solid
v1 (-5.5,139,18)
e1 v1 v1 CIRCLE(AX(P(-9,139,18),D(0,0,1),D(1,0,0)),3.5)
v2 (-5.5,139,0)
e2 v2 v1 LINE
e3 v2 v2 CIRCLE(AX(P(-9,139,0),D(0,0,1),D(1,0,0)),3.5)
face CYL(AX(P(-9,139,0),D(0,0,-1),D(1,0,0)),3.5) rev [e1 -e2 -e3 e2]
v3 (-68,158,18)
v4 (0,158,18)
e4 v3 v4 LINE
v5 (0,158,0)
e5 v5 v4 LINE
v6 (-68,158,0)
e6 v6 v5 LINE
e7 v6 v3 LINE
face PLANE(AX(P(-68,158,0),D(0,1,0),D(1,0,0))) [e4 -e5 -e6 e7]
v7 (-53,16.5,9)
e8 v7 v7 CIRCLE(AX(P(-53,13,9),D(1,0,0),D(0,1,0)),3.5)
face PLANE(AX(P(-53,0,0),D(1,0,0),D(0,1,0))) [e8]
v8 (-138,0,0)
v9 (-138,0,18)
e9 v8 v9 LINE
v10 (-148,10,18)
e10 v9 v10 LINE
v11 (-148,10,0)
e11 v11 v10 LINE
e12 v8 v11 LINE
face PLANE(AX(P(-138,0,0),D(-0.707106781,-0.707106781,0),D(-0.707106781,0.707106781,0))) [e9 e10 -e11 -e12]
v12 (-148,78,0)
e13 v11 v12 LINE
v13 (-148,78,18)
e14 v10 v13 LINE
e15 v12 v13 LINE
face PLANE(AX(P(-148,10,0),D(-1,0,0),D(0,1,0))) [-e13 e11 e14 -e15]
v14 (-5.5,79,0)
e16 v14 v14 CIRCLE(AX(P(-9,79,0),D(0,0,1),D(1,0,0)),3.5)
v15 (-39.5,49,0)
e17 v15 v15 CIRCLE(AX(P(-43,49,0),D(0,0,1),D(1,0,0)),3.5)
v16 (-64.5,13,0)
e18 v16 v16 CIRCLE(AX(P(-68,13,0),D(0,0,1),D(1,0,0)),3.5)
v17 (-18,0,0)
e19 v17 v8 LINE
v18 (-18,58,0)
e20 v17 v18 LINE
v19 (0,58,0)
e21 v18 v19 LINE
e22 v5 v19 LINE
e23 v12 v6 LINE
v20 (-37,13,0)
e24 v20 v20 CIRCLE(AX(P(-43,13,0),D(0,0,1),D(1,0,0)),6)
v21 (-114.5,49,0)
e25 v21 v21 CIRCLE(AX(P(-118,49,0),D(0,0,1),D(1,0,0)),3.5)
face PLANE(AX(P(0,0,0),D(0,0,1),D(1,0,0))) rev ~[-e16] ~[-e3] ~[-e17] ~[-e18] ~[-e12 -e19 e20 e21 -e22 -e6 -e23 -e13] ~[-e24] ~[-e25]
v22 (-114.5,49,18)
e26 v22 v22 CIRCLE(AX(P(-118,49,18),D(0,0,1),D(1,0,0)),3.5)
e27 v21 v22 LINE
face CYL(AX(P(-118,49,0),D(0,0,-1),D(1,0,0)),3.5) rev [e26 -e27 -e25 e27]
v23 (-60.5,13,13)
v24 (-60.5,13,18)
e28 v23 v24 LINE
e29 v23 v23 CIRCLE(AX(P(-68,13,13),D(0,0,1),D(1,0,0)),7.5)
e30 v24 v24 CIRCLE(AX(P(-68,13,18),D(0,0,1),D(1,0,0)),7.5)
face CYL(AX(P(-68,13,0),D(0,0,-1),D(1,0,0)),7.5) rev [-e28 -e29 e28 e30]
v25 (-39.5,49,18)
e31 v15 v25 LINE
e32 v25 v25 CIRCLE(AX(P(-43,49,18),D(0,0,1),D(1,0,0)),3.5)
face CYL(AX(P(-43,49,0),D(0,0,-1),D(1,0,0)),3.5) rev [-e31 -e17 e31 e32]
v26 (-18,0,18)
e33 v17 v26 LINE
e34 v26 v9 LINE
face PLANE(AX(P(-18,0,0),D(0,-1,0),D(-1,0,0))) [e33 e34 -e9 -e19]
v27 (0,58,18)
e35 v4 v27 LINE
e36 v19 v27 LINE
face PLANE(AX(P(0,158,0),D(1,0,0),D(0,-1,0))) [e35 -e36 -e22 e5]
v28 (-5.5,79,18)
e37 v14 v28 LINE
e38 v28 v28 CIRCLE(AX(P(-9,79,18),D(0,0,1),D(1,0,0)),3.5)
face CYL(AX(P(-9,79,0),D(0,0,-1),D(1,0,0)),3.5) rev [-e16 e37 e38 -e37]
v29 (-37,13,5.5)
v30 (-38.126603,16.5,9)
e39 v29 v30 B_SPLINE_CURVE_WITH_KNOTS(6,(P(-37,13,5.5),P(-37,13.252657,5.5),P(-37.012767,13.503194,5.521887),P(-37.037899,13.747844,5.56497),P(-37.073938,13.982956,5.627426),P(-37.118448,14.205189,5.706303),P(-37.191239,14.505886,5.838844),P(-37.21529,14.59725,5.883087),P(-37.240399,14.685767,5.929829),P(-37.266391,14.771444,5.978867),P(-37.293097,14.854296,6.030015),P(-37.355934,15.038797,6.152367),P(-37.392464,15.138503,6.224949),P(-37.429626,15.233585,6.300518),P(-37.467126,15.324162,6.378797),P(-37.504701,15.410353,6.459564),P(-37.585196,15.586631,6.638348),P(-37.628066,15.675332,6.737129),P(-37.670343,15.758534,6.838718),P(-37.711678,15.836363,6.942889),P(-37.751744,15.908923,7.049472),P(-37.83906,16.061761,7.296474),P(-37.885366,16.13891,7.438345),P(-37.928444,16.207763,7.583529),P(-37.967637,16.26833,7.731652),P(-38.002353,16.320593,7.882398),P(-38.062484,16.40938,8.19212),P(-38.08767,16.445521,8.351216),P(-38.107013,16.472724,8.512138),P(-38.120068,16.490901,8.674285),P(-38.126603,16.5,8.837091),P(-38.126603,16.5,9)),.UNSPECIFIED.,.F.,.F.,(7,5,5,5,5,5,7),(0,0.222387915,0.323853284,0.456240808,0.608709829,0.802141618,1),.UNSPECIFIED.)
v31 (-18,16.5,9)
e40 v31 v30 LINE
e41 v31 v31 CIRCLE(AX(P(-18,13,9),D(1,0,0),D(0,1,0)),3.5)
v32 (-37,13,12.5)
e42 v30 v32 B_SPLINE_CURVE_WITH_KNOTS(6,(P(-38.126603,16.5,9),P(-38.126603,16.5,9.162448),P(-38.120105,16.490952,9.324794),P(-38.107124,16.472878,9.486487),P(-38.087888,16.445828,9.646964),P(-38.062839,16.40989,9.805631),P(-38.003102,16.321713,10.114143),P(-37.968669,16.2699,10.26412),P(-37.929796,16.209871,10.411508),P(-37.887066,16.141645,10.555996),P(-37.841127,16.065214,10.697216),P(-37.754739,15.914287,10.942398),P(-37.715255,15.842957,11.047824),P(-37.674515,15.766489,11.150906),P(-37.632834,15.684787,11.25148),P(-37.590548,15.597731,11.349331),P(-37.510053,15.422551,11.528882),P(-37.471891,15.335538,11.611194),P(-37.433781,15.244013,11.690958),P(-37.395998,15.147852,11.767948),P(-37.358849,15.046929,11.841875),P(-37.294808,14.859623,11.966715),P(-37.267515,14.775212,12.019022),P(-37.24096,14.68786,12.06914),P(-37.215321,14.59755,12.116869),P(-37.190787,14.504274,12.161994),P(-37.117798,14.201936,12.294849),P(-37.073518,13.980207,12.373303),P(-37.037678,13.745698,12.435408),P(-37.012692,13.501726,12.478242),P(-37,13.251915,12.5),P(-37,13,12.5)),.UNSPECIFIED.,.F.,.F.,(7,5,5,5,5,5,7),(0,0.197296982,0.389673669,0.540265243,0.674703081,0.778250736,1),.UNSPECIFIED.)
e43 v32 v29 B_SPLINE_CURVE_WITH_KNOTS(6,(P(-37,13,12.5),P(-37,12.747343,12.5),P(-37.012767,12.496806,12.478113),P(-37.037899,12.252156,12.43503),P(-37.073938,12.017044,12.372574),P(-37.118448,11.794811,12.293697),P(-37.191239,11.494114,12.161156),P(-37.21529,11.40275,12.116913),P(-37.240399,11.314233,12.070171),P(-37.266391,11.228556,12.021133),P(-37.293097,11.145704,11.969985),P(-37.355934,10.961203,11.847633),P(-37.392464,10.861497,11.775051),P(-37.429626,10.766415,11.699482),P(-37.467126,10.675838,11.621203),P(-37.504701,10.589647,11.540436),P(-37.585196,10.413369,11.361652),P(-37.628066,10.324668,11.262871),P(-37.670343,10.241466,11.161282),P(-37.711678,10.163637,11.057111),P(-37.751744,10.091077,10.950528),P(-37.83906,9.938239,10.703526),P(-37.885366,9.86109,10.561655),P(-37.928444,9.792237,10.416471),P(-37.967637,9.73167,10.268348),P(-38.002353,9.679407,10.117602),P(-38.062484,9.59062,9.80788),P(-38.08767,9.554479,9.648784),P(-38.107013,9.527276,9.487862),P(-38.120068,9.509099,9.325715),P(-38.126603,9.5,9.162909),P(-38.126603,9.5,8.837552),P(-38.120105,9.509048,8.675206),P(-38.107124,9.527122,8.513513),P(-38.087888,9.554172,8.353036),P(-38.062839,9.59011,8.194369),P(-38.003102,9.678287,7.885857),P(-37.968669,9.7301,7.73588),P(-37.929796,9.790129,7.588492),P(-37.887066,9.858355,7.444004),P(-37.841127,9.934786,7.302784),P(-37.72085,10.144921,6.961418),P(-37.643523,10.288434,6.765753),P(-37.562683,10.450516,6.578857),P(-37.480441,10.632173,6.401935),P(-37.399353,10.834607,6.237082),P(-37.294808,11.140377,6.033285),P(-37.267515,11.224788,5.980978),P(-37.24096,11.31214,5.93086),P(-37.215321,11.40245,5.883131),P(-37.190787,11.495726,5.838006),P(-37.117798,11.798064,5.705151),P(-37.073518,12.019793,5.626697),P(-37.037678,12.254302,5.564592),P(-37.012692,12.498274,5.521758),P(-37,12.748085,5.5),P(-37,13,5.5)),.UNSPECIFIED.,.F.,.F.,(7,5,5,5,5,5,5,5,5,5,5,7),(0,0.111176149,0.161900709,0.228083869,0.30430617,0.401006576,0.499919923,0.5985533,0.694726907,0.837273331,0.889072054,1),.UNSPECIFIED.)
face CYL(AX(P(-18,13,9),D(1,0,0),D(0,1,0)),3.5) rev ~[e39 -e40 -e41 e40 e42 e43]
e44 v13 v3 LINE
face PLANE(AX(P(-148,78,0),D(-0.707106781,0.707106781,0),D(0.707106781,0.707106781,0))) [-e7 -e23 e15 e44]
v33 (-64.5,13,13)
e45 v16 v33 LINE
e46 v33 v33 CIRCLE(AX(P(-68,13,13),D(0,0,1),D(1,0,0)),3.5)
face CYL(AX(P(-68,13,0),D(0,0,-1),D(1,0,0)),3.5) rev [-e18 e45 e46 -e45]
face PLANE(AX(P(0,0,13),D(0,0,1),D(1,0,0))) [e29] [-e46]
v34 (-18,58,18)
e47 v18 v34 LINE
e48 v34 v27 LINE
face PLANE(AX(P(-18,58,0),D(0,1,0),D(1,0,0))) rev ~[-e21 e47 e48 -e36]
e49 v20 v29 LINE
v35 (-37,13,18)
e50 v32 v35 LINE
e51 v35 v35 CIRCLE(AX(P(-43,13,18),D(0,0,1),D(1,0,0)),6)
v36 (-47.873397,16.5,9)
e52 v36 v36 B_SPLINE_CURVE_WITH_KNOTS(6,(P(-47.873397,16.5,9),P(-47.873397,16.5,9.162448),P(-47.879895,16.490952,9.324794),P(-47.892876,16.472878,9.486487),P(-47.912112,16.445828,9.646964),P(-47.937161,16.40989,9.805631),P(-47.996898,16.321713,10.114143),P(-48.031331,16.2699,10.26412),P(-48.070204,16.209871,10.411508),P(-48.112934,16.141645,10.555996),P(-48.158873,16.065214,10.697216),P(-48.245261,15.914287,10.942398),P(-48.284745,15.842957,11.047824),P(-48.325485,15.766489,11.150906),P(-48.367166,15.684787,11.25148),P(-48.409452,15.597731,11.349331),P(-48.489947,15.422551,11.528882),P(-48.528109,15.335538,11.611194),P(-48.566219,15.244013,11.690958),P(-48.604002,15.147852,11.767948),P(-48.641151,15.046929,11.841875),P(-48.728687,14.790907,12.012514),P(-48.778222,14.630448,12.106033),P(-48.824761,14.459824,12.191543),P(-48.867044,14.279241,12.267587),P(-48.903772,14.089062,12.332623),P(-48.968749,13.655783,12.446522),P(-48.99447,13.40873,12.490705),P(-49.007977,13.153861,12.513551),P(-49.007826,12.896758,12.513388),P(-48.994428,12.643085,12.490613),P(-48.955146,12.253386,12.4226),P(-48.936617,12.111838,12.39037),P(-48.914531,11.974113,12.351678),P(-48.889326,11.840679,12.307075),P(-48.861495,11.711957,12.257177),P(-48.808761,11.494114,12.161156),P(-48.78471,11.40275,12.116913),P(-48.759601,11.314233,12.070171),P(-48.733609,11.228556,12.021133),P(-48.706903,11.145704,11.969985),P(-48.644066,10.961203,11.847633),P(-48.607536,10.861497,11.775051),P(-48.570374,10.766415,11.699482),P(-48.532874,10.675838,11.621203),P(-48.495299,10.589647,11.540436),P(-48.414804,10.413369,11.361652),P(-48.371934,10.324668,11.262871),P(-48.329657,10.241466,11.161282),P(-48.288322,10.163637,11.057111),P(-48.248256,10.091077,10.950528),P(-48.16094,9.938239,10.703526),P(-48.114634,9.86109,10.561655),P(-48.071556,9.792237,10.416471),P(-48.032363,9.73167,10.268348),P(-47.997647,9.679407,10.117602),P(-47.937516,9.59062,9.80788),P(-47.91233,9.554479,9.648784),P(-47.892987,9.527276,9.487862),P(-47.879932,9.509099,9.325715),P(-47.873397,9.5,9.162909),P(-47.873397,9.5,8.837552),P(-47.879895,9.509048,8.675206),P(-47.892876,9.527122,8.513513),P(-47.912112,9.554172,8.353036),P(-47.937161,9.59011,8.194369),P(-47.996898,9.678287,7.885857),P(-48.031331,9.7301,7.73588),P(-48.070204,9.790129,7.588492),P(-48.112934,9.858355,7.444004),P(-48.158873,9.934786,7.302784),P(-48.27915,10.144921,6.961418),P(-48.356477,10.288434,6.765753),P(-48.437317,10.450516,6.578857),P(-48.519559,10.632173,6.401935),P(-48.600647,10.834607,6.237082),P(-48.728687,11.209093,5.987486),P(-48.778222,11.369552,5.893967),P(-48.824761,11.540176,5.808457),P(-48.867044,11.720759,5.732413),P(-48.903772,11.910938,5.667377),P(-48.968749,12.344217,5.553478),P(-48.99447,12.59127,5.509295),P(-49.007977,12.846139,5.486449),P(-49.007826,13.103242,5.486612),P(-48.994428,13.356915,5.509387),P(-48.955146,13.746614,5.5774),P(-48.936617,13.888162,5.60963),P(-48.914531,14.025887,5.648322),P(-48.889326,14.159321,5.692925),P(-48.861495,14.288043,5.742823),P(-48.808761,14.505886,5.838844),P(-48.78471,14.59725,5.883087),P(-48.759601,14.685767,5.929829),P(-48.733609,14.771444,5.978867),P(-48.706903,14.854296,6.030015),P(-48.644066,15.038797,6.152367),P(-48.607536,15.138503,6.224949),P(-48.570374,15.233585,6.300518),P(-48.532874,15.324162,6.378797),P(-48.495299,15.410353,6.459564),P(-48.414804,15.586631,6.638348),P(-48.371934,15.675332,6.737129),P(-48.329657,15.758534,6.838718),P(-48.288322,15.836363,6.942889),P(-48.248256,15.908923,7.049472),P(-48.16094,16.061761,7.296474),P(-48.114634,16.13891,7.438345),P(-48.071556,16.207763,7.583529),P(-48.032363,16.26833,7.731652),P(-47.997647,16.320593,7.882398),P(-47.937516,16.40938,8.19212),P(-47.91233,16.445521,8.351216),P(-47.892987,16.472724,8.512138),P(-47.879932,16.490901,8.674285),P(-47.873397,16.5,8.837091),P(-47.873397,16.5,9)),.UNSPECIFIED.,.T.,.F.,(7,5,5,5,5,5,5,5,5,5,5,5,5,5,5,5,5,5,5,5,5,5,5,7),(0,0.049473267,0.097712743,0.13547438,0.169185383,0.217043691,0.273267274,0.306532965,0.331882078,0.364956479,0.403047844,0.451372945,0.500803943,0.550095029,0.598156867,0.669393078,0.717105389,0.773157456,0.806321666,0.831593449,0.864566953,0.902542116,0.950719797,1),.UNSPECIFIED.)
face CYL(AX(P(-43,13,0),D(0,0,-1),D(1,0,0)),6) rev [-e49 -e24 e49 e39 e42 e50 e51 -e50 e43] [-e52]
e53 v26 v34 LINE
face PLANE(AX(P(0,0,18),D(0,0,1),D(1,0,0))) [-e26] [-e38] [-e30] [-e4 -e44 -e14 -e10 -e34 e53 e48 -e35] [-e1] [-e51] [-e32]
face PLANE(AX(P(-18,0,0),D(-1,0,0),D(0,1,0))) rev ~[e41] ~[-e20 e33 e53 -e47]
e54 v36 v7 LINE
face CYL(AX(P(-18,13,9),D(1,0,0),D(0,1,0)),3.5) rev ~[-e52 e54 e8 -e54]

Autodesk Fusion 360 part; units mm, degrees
sketch "Top" plane through (0, 0, 0) normal (0, 0, 1) x (1, 0, 0)
  line L0 (-18, 0) -> (-138, 0)
  line L1 (-148, 10) -> (-148, 78)
  line L2 (-68, 158) -> (0, 158)
  line L3 (0, 158) -> (0, 58)
  line L4 (-138, 0) -> (-148, 10)
  line L5 (-18, 0) -> (-18, 58)
  line L6 (-18, 58) -> (0, 58)
  line L7 (-9, 158) -> (-9, 58) construction
  circle A0 centre (-9, 79) radius 3.5
  circle A1 centre (-9, 139) radius 3.5
  line L8 (-18, 49) -> (-148, 49) construction
  circle A2 centre (-43, 49) radius 3.5
  circle A3 centre (-118, 49) radius 3.5
  circle A4 centre (-43, 13) radius 6
  circle A5 centre (-68, 13) radius 3.5
  circle A6 centre (-68, 13) radius 7.5
  line L9 (-148, 78) -> (-68, 158)
  dimension "d4" = 158
  dimension "d5" = 10
  dimension "d6" = 10
  dimension "d7" = 58
  dimension "d8" = 18
  dimension "d9" = 148
  dimension "d11" = 9
  dimension "d12" = 7
  dimension "d13" = 7
  dimension "d14" = 21
  dimension "d15" = 60
  dimension "d16" = 49
  dimension "d17" = 7
  dimension "d18" = 7
  dimension "d19" = 25
  dimension "d20" = 75
  dimension "d21" = 12
  dimension "d22" = 13
  dimension "d23" = 7
  dimension "d24" = 15
  dimension "d25" = 25
  dimension "d26" = 25
  dimension "d27" = 68
  dimension "d28" = 68
extrude "Extrude1" add sketch "Top" along normal blind 13 contours A6
extrude "Extrude2" add sketch "Top" along normal blind 18 contours L0 L1 L2 L3 L4 L5 L6 L9
sketch "Side" plane through (-18, 0, 0) normal (1, 0, 0) x (0, 1, 0)
  line L0 (0, 0) -> (58, 0)
  line L1 (58, 0) -> (58, 18)
  line L2 (58, 18) -> (0, 18)
  line L3 (0, 18) -> (0, 0)
  line L4 (0, 0) -> (58, 0) construction
  line L5 (58, 0) -> (58, 18) construction
  line L6 (58, 18) -> (0, 18) construction
  line L7 (0, 18) -> (0, 0) construction
  line L8 (0, 9) -> (58, 9) construction
  circle A0 centre (13, 9) radius 3.5
  dimension "d33" = 7
  dimension "d34" = 13
extrude "Extrude3" cut sketch "Side" against normal blind 35 contours A0
